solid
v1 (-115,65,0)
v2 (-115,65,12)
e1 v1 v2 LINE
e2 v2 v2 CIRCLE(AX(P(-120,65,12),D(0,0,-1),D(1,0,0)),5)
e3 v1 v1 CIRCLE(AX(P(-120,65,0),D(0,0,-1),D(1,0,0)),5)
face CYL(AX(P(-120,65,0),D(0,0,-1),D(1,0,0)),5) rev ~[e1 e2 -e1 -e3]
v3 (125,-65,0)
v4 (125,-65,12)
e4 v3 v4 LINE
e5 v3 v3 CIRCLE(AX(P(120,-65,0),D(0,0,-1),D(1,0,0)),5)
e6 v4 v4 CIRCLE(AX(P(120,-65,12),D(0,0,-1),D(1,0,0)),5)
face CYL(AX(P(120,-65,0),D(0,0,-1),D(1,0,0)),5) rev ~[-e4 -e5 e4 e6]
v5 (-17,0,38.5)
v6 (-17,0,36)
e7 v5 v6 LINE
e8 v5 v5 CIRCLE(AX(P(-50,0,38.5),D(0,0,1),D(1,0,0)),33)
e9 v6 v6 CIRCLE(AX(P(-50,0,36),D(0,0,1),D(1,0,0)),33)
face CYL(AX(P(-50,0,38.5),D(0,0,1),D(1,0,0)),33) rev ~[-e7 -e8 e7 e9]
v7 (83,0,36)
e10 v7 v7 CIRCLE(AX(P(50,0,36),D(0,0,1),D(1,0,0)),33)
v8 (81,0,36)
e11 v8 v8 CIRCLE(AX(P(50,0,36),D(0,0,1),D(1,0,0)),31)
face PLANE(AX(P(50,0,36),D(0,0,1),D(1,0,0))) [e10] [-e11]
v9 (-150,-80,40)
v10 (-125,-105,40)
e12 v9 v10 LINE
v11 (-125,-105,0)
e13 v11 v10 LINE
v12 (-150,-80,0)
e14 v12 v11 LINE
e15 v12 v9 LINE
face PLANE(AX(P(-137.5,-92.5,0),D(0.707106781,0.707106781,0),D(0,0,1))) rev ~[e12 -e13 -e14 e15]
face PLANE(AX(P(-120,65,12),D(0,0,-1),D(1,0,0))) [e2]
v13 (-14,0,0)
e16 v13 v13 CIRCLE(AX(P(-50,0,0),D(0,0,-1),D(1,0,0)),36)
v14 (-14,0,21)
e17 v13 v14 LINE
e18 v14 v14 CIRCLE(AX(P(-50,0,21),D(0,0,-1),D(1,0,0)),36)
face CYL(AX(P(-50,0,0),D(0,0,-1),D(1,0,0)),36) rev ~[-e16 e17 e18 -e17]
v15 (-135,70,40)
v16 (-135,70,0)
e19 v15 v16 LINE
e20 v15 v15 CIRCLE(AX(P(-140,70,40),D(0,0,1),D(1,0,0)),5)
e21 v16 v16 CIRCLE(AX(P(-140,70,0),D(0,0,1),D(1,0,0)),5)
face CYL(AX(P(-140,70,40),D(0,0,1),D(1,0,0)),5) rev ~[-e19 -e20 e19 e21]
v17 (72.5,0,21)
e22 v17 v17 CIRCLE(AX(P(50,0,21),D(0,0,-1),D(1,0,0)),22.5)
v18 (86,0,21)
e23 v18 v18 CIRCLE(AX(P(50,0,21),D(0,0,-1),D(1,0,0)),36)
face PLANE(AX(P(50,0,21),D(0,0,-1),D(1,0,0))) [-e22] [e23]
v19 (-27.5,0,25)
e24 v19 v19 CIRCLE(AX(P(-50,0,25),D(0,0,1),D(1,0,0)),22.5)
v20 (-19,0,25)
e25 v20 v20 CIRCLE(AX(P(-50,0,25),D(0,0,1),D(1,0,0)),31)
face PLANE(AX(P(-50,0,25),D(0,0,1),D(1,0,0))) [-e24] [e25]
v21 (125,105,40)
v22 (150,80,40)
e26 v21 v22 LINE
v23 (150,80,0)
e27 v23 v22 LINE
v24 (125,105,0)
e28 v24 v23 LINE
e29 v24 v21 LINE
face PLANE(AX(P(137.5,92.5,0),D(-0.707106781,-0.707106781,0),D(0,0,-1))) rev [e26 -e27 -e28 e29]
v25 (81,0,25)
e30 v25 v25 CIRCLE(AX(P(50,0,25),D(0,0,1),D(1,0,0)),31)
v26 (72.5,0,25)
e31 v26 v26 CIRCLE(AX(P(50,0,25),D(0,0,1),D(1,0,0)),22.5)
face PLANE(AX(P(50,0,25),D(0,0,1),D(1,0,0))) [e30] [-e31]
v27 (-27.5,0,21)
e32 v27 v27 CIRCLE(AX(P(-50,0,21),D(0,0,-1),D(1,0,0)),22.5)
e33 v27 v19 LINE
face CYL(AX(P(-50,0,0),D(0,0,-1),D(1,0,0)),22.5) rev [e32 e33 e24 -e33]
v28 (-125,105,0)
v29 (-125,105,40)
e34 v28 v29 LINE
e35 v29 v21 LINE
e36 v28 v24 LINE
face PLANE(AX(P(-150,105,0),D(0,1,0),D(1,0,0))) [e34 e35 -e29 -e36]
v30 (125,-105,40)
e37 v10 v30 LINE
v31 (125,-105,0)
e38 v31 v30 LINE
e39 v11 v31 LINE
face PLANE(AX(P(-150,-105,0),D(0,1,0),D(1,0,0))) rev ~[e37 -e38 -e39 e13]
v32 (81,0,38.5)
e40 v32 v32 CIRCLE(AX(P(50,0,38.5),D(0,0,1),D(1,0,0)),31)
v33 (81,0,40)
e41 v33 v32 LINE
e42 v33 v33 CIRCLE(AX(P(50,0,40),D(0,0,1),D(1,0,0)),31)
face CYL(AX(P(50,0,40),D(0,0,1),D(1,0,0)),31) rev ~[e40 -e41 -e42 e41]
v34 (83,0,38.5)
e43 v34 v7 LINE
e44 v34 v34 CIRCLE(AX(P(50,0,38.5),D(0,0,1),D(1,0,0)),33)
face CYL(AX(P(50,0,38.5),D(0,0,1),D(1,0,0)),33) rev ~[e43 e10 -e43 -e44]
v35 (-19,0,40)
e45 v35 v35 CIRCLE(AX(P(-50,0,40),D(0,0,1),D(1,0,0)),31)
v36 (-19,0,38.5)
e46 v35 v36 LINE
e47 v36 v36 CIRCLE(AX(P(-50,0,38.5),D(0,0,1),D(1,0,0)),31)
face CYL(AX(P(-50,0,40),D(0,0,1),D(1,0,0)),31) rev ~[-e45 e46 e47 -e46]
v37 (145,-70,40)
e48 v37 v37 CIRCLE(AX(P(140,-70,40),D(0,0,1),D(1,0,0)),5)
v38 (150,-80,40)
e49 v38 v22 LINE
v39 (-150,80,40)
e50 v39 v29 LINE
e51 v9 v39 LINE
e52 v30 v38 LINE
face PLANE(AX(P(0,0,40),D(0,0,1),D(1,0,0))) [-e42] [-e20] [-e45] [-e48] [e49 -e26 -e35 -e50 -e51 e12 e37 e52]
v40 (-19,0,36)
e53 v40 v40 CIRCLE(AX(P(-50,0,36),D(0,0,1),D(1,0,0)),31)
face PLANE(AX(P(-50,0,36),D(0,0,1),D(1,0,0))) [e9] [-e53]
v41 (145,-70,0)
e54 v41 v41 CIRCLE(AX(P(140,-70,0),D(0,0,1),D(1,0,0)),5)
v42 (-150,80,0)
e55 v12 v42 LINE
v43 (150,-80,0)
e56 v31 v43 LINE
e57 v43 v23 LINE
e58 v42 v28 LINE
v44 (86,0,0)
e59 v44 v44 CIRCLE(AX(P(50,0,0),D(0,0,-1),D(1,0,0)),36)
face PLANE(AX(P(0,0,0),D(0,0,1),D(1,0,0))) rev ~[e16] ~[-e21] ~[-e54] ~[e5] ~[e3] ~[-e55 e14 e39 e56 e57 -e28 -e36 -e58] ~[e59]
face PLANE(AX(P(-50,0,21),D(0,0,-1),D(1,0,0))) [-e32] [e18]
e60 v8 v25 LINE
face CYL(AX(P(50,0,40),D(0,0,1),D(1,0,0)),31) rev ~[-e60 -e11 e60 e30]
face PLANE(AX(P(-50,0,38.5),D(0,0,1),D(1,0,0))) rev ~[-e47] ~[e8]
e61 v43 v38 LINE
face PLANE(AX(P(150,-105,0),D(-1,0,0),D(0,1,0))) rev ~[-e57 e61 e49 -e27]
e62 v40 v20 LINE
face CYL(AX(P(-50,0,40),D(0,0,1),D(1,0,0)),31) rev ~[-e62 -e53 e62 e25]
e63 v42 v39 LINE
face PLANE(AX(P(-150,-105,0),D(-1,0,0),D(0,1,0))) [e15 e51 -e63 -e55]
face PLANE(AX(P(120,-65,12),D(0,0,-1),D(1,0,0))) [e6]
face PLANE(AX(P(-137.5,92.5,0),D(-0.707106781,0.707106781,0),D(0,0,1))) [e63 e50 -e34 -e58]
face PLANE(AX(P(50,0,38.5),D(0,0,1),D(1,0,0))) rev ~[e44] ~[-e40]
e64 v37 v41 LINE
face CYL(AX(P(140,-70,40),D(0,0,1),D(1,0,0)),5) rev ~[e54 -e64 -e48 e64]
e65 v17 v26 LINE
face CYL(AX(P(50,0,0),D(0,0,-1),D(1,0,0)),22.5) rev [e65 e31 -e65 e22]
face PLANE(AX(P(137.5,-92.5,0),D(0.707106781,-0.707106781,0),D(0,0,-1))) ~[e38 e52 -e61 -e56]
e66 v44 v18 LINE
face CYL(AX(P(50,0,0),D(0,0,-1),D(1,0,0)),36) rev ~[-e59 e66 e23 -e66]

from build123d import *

# Parameters (mm, degrees)
F0_W      = 300
F0_H      = 210
F0_R      = 22.5
F1_DEPTH  = 40
F2_R      = 31
F2_R_2    = 22.5
F3_DEPTH  = 15
F4_R      = 36
F4_R_2    = 22.5
F5_DEPTH  = 21
F7_R      = 33
F8_DEPTH  = 2.5
F9_R      = 5
F10_DEPTH = 40
F11_SIZE  = 25
F12_R     = 5
F13_DEPTH = 12


with BuildPart() as f1:
    # F0 (on Top) → F1 (new body)
    with BuildSketch(Plane.XY):
        Rectangle(F0_W, F0_H)
        with Locations((-50, 0)):
            Circle(F0_R, mode=Mode.SUBTRACT)
        with Locations((50, 0)):
            Circle(F0_R, mode=Mode.SUBTRACT)
    extrude(amount=F1_DEPTH)

    # F2 (on face) → F3 (cut)
    with BuildSketch(Plane.XY.offset(40)):
        with Locations((-50, 0)):
            Circle(F2_R)
        with Locations((-50, 0)):
            Circle(F2_R_2, mode=Mode.SUBTRACT)
        with Locations((50, 0)):
            Circle(F2_R)
        with Locations((50, 0)):
            Circle(F2_R_2, mode=Mode.SUBTRACT)
    extrude(amount=-F3_DEPTH, mode=Mode.SUBTRACT)

    # F4 (on face) → F5 (cut)
    with BuildSketch(Plane(origin=(0, 0, 0), x_dir=(1, 0, 0), z_dir=(0, 0, -1))):
        with Locations((-50, 0)):
            Circle(F4_R)
        with Locations((-50, 0)):
            Circle(F4_R_2, mode=Mode.SUBTRACT)
        with Locations((50, 0)):
            Circle(F4_R)
        with Locations((50, 0)):
            Circle(F4_R_2, mode=Mode.SUBTRACT)
    extrude(amount=-F5_DEPTH, mode=Mode.SUBTRACT)

    # F7 (on offset) → F8 (cut)
    with BuildSketch(Plane.XY.offset(38.5)):
        with Locations((-50, 0)):
            Circle(F7_R)
        with Locations((50, 0)):
            Circle(F7_R)
    extrude(amount=-F8_DEPTH, mode=Mode.SUBTRACT)

    # F9 (on face) → F10 (cut)
    with BuildSketch(Plane.XY.offset(40)):
        with Locations((-140, 70)):
            Circle(F9_R)
        with Locations((140, -70)):
            Circle(F9_R)
    extrude(amount=-F10_DEPTH, mode=Mode.SUBTRACT)

    # F11
    f11_edges = [f1.edges().sort_by_distance(p)[0] for p in [
        (150, -105, 20),
        (-150, -105, 20),
        (150, 105, 20),
        (-150, 105, 20),
    ]]
    chamfer(f11_edges, length=F11_SIZE)

    # F12 (on face) → F13 (cut)
    with BuildSketch(Plane(origin=(0, 0, 0), x_dir=(1, 0, 0), z_dir=(0, 0, -1))):
        with Locations((120, 65)):
            Circle(F12_R)
        with Locations((-120, -65)):
            Circle(F12_R)
    extrude(amount=-F13_DEPTH, mode=Mode.SUBTRACT)


solid = f1.part
